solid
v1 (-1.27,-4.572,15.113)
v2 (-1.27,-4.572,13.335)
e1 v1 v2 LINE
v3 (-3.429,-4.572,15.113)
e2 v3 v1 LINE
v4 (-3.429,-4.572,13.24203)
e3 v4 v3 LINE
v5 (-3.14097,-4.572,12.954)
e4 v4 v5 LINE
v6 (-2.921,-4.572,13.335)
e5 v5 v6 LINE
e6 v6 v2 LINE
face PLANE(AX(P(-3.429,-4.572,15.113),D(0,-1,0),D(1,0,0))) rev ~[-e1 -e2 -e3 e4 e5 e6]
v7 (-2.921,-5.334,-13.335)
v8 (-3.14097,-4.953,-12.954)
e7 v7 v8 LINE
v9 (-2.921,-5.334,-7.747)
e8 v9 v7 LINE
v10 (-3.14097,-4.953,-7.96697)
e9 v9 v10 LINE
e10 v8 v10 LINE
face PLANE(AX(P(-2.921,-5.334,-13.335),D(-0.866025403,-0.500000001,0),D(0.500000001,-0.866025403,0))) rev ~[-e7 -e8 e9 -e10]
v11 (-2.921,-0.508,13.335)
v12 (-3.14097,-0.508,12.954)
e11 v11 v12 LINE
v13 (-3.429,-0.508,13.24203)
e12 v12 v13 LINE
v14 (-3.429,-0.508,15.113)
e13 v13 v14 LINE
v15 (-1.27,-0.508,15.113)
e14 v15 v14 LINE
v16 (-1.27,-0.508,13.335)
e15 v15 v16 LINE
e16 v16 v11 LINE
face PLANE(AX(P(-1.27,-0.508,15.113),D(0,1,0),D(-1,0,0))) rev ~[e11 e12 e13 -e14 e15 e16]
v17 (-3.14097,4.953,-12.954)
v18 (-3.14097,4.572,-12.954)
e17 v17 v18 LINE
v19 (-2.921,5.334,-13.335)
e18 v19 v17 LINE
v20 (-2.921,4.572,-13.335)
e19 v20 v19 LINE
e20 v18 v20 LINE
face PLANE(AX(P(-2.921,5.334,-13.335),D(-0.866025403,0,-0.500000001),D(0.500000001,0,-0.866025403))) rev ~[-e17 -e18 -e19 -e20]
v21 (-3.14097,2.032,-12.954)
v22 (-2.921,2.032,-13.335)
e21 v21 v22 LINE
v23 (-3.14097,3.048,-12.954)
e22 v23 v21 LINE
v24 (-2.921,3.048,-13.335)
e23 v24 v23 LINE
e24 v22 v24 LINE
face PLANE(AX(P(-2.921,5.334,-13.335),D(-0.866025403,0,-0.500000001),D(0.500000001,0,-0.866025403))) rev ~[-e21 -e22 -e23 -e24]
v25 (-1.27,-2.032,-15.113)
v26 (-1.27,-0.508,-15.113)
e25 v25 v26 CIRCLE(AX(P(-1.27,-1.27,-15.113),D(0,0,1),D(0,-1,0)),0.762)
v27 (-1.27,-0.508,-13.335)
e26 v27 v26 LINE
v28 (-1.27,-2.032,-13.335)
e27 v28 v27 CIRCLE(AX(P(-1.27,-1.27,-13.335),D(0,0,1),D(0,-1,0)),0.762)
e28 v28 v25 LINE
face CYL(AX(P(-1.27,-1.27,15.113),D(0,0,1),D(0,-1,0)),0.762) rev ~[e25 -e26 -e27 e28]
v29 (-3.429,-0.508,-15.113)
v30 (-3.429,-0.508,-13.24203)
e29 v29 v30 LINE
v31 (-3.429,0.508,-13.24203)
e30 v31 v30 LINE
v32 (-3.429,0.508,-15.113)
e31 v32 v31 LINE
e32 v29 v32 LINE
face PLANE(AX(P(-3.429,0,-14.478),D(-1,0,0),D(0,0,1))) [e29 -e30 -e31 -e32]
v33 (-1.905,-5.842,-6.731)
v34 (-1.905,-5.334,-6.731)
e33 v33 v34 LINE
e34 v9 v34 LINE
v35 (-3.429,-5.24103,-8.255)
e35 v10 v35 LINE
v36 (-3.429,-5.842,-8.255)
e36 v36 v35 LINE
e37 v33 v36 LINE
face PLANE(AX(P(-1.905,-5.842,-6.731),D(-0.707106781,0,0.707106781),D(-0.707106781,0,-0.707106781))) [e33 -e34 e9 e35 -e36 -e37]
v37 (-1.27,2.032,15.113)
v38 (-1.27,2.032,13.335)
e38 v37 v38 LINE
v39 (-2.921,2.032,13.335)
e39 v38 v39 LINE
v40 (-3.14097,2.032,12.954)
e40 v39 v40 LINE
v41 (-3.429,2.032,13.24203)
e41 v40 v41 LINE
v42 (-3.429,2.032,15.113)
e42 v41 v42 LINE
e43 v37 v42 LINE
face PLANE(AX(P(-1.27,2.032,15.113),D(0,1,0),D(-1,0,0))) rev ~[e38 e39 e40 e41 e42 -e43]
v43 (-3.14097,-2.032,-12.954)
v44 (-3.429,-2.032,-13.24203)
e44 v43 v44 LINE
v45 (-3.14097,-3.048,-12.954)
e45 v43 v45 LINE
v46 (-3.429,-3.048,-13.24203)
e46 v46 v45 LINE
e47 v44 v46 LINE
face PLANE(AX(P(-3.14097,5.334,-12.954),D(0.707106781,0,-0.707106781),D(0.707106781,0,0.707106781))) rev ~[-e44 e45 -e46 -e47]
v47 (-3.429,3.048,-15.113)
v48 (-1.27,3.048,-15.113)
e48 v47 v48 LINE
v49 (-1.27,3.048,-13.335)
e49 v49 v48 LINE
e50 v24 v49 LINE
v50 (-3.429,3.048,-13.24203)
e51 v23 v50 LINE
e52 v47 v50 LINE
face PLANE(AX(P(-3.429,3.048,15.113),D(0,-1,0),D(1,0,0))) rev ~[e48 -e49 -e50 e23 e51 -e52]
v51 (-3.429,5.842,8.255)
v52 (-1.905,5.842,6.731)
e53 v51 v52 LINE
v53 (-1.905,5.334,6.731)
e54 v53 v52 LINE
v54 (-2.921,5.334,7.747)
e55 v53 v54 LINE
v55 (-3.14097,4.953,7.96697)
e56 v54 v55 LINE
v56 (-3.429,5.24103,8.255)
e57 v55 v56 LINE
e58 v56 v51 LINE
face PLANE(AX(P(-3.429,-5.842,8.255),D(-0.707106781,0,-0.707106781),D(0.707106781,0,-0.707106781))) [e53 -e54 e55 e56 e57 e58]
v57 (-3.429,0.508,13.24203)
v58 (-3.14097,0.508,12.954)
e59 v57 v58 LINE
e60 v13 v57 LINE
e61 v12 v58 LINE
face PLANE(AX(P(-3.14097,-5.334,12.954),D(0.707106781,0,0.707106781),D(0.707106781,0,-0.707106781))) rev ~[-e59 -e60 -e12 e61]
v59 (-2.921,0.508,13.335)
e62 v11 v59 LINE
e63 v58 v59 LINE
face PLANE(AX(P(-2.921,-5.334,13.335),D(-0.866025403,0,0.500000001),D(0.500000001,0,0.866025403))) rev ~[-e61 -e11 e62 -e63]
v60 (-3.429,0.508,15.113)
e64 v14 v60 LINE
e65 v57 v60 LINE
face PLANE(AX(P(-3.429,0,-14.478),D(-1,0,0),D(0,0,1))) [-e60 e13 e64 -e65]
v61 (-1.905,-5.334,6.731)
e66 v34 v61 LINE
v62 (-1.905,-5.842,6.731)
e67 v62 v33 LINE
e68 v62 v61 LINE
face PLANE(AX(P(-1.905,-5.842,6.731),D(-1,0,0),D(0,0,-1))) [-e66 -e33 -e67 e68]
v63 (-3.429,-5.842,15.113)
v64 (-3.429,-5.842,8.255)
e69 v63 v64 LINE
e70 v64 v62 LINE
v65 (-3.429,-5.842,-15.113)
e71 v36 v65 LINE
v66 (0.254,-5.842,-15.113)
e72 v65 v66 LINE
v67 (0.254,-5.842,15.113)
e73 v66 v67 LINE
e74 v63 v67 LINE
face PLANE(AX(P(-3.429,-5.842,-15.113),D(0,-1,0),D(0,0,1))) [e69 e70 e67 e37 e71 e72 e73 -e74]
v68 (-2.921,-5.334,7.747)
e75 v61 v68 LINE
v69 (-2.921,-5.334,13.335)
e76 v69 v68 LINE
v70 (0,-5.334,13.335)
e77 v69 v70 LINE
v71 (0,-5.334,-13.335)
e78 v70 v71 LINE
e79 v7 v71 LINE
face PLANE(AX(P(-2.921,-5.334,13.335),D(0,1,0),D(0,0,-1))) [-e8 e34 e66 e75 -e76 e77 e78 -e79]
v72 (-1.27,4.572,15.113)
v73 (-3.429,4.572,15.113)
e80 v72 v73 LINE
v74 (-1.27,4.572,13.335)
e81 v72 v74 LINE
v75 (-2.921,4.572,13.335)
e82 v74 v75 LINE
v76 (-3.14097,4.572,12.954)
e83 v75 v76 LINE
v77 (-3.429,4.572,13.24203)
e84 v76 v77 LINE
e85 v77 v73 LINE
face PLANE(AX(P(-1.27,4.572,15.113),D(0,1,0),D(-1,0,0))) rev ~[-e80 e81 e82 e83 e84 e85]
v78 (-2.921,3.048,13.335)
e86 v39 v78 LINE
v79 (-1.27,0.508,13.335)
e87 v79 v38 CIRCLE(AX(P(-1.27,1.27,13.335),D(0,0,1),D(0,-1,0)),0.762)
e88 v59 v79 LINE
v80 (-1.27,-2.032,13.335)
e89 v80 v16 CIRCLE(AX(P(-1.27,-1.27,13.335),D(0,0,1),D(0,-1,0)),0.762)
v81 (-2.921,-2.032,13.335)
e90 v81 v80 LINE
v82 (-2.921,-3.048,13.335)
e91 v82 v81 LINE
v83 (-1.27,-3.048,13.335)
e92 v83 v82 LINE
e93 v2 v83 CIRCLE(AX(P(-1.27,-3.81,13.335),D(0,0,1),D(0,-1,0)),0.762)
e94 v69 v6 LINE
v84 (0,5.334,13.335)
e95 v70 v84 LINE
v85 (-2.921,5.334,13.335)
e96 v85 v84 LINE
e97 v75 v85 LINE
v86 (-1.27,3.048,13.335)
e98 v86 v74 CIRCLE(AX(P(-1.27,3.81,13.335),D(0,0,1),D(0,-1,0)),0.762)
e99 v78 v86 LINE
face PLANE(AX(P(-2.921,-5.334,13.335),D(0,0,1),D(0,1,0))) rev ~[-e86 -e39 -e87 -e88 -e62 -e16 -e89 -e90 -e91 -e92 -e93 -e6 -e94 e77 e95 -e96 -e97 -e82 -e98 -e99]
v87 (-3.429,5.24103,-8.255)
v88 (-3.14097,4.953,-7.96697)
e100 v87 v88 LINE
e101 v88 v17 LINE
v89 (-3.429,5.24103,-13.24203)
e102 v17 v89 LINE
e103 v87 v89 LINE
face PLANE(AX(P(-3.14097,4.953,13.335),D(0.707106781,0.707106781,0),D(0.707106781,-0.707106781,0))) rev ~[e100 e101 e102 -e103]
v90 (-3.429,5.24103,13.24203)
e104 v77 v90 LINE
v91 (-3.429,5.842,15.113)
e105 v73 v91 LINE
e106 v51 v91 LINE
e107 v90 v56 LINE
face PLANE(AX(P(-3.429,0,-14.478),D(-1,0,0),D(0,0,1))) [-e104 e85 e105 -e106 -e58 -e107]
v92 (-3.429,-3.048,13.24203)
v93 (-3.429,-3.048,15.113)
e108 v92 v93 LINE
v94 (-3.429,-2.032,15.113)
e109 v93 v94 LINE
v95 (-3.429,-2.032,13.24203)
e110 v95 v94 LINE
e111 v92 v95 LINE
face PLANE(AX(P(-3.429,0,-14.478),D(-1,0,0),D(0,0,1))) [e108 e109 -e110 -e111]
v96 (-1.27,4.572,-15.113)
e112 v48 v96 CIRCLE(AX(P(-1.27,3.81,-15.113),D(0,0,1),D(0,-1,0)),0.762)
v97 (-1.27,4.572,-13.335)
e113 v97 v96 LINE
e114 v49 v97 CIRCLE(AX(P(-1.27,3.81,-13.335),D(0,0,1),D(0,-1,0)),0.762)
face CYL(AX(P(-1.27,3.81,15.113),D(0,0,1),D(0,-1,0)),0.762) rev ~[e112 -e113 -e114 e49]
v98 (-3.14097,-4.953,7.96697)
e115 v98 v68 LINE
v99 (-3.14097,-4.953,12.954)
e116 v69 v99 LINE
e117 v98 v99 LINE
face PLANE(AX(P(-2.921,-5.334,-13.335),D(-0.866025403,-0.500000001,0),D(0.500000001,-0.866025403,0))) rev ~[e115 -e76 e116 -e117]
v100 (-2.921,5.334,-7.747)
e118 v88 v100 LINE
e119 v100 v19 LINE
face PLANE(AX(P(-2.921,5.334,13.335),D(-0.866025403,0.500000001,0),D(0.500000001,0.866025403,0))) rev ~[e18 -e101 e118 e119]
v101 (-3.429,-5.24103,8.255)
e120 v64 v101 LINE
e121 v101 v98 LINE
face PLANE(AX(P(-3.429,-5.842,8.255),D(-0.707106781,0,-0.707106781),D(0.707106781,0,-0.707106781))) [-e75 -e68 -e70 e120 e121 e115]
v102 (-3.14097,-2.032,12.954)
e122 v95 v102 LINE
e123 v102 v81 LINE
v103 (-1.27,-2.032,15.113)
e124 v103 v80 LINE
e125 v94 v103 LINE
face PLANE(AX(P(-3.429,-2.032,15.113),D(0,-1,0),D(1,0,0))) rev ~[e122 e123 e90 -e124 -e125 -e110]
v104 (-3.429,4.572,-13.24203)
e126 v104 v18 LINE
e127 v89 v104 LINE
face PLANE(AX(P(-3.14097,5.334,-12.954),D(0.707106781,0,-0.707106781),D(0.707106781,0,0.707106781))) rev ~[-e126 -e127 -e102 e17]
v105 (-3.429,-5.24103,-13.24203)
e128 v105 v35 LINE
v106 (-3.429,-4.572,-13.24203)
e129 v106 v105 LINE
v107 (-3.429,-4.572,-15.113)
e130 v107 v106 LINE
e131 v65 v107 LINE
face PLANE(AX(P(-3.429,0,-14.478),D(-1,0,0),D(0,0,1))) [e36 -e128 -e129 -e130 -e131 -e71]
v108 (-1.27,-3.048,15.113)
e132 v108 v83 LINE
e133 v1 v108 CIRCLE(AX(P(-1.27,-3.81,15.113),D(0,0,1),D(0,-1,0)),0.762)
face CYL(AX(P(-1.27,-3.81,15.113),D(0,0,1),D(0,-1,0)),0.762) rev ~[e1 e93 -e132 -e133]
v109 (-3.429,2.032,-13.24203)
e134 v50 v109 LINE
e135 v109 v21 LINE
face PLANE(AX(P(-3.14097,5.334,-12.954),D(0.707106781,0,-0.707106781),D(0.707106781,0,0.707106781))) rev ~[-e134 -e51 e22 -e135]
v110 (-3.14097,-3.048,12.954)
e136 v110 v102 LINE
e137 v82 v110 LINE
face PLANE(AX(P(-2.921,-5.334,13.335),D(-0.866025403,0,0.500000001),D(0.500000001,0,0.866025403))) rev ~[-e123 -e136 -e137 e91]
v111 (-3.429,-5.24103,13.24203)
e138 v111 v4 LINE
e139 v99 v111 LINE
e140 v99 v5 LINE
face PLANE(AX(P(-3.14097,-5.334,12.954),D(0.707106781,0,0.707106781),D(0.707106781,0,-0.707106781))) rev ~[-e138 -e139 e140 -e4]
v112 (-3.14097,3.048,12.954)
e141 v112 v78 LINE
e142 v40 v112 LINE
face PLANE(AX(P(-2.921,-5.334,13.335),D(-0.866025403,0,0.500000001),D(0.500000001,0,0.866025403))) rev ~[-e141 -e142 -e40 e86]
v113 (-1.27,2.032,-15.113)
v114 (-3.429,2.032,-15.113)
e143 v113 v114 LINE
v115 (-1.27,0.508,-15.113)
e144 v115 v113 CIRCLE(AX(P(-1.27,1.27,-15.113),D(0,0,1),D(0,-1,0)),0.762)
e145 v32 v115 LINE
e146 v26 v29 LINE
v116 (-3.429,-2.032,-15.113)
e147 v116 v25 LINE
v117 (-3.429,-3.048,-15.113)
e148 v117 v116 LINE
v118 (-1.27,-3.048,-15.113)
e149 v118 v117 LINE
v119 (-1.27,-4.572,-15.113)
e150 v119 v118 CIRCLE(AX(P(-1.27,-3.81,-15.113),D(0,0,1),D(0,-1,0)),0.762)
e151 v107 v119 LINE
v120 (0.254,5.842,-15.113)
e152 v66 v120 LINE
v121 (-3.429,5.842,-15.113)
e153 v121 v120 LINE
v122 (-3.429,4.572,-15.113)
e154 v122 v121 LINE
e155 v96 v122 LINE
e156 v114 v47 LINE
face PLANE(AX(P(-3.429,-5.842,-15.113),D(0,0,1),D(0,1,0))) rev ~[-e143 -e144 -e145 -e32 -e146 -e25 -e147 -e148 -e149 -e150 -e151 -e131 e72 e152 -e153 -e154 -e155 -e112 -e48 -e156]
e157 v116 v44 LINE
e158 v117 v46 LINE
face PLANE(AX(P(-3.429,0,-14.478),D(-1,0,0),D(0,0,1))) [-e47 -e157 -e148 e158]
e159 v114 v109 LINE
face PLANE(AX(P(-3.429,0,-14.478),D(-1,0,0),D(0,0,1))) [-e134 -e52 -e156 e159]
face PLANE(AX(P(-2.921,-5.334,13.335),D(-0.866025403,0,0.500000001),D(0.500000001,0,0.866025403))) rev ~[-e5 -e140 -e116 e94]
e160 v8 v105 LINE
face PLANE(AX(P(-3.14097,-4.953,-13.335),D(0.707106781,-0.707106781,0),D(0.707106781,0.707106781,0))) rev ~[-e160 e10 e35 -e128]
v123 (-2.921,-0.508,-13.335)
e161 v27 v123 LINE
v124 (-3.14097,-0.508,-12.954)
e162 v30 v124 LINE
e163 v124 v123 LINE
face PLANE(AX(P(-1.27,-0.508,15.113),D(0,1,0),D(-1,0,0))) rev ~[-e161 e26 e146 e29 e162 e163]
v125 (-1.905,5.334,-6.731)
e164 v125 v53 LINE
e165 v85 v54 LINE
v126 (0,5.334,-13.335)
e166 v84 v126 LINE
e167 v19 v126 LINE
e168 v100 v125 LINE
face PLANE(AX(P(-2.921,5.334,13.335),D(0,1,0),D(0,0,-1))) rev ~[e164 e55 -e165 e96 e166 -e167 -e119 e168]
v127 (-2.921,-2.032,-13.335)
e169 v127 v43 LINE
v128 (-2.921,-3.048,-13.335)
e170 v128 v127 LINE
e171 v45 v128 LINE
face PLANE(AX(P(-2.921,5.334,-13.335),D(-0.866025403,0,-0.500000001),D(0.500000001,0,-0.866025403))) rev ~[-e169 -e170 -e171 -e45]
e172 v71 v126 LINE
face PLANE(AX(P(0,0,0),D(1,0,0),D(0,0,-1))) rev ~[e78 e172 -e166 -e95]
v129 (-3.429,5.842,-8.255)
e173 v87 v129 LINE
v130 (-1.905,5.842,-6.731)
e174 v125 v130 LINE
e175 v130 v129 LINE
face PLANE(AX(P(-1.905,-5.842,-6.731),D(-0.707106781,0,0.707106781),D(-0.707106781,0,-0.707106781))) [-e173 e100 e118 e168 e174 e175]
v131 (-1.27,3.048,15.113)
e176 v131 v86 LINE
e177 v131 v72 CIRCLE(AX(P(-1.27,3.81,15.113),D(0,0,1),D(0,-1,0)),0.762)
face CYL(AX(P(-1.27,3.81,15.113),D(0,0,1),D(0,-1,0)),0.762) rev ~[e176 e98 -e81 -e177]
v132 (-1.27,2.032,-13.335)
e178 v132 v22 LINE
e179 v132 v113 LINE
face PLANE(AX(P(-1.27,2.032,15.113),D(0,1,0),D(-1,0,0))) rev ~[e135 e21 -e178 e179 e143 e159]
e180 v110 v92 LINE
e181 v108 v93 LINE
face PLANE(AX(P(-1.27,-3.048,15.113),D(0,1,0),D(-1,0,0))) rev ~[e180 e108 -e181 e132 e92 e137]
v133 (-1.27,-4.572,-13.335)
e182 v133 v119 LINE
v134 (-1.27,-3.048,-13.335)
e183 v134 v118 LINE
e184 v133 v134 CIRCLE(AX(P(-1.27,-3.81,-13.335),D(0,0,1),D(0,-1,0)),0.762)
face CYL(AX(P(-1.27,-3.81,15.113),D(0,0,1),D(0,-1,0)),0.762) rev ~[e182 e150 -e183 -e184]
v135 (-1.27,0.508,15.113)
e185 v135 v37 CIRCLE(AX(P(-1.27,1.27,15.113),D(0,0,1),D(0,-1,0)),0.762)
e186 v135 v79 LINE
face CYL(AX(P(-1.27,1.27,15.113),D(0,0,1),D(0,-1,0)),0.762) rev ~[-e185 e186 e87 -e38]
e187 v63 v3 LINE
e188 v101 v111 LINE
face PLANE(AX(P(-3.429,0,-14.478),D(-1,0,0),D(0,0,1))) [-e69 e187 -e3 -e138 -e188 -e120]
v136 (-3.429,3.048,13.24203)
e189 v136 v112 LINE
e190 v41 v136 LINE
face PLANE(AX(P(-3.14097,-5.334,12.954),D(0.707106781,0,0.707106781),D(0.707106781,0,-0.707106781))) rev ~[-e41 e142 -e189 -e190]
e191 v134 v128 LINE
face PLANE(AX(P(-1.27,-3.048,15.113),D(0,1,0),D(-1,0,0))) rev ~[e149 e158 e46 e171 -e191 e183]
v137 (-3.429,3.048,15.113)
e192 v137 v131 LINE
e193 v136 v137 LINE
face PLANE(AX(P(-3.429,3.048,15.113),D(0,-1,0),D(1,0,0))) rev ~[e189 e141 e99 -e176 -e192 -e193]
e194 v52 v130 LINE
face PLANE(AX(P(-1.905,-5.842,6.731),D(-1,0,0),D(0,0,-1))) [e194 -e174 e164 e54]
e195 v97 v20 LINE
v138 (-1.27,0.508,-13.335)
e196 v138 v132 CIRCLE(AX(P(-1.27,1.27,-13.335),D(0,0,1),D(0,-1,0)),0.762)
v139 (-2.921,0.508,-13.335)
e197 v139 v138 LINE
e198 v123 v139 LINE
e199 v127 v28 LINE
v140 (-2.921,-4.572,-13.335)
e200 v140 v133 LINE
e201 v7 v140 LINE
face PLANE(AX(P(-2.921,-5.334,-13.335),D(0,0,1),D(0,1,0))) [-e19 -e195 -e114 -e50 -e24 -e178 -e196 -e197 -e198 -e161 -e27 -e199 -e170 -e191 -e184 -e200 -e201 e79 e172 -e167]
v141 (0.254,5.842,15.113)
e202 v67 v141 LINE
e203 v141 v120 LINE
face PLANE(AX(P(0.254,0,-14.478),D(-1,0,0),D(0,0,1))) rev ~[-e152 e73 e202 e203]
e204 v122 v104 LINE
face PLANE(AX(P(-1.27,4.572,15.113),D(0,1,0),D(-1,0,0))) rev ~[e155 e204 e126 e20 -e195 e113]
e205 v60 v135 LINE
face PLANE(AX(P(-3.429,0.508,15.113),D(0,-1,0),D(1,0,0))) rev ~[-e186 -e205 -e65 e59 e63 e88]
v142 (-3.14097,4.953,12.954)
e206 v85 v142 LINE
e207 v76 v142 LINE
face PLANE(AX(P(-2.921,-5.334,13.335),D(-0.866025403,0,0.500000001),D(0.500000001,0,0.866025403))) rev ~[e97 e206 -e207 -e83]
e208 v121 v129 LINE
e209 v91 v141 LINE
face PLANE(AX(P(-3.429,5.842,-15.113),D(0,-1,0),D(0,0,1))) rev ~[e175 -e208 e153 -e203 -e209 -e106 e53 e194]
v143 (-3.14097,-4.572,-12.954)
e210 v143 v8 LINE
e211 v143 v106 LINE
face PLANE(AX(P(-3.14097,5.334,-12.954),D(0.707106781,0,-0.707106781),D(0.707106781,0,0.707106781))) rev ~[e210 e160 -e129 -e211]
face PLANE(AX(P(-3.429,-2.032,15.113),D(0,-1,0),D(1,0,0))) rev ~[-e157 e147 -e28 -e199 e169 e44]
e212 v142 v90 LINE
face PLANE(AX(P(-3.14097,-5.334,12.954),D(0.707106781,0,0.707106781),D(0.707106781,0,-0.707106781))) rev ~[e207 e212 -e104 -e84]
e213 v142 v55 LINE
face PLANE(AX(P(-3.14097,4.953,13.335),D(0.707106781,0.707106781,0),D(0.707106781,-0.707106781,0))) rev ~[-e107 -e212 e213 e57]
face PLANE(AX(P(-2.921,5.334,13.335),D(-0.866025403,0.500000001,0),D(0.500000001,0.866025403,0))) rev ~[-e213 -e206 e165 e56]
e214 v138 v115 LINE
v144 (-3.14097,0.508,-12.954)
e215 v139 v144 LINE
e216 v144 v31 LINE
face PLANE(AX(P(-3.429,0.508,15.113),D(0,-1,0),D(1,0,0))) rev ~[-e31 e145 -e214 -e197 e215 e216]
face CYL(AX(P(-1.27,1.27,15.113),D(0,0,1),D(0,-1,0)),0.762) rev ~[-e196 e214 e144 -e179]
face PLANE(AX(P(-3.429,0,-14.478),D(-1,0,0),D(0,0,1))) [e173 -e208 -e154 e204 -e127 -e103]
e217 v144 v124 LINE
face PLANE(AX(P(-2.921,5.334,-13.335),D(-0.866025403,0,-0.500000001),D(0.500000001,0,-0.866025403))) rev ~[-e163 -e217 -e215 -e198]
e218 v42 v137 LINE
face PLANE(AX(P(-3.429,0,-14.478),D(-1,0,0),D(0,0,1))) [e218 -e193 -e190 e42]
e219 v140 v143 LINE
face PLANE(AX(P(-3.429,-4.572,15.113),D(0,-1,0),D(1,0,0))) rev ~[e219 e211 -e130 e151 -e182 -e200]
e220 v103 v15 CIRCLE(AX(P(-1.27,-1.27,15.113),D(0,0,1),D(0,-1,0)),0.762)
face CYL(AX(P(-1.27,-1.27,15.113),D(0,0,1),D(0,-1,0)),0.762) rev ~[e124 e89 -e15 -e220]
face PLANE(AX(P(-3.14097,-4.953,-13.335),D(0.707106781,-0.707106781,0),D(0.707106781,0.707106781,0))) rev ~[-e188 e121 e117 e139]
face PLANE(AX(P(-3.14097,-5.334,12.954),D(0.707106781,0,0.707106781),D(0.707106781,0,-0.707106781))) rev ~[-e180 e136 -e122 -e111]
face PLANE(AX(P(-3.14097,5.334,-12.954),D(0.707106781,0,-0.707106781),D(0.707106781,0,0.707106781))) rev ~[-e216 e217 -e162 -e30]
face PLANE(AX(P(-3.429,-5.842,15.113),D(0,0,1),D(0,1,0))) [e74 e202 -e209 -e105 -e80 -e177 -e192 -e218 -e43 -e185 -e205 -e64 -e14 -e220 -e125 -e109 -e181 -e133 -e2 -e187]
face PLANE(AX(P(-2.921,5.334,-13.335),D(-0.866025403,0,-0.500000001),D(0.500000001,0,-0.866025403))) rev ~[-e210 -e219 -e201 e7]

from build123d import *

# Parameters (mm, degrees)
SKETCH1_W                = 26.67
SKETCH1_H                = 10.668
BOSS_EXTRUDE1_DEPTH      = 0.254
EXTRUDE_THIN1_DEPTH      = 0.254
EXTRUDE_THIN1_DEPTH_BACK = 2.921
SKETCH1_3_W              = 27.686
SKETCH1_3_H              = 11.684
SKETCH1_3_W_2            = 26.67
SKETCH1_3_H_2            = 10.668
SKETCH5_W                = 1.27
SKETCH5_H                = 11.684
BOSS_EXTRUDE2_DEPTH      = 3.683
CUT_EXTRUDE1_DEPTH       = 31.975766028
LPATTERN1_COUNT          = 4
LPATTERN1_PITCH          = 2.54
CUT_EXTRUDE2_DEPTH       = 20.408159779


with BuildPart() as part:
    # Sketch1 → Boss-Extrude1 (new body)
    with BuildSketch(Plane(origin=(0, 0, 0), x_dir=(0, 0, -1), z_dir=(1, 0, 0))):
        Rectangle(SKETCH1_W, SKETCH1_H)
    extrude(amount=BOSS_EXTRUDE1_DEPTH)

    # Sketch1<3> → Extrude-Thin1 (add, two sides: drawn at the far end of the back side and taken through both)
    with BuildSketch(Plane(origin=(0, 0, 0), x_dir=(0, 0, -1), z_dir=(1, 0, 0)).offset(-EXTRUDE_THIN1_DEPTH_BACK)):
        Rectangle(SKETCH1_3_W, SKETCH1_3_H)
        Rectangle(SKETCH1_3_W_2, SKETCH1_3_H_2, mode=Mode.SUBTRACT)
    extrude(amount=EXTRUDE_THIN1_DEPTH + EXTRUDE_THIN1_DEPTH_BACK)

    # Sweep1: sweep along a path in Sketch2
    with BuildLine(Plane.ZY.offset(2.921)) as sweep1_path:
        Line((-13.335, -5.334), (13.335, -5.334))
        Line((13.335, -5.334), (13.335, 5.334))
        Line((13.335, 5.334), (-13.335, 5.334))
        Line((-13.335, 5.334), (-13.335, -5.334))
    # Sketch3 → Sweep1 (sweep)
    with BuildSketch(Plane(origin=(0, 0, 0), x_dir=(-1, 0, 0), z_dir=(0, -1, 0))):
        Polygon((2.921, -13.335), (3.140970453, -12.954), (3.429, -13.242029547), (3.429, -13.843), (2.921, -13.843), align=None)
    sweep(path=sweep1_path.line, transition=Transition.RIGHT)

    # Sketch5 → Boss-Extrude2 (add)
    with BuildSketch(Plane.ZY.offset(3.429)):
        with Locations((-14.478, 0)):
            Rectangle(SKETCH5_W, SKETCH5_H)
        with Locations((14.478, 0)):
            Rectangle(SKETCH5_W, SKETCH5_H)
    extrude(amount=-BOSS_EXTRUDE2_DEPTH)

    # Sketch4 → Cut-Extrude1 (cut, symmetric)
    with BuildSketch(Plane.XY.offset(15.113)):
        with BuildLine():
            Line((-1.27, 4.572), (-3.429, 4.572))
            Line((-3.429, 4.572), (-3.429, 3.048))
            Line((-3.429, 3.048), (-1.27, 3.048))
            ThreePointArc((-1.27, 3.048), (-0.508, 3.81), (-1.27, 4.572))
        make_face()
    cut_extrude1 = extrude(amount=CUT_EXTRUDE1_DEPTH, both=True, mode=Mode.SUBTRACT)

    # LPattern1: Cut-Extrude1 ×4
    with Locations(*[(0, -i * LPATTERN1_PITCH, 0) for i in range(1, LPATTERN1_COUNT)]):
        add(cut_extrude1, mode=Mode.SUBTRACT)

    # Sketch7 → Cut-Extrude2 (cut, through all)
    with BuildSketch(Plane.XZ.offset(5.842)):
        Polygon((-3.429, 8.255), (-1.905, 6.731), (-1.905, -6.731), (-3.429, -8.255), align=None)
    extrude(amount=-CUT_EXTRUDE2_DEPTH, mode=Mode.SUBTRACT)


solid = part.part
